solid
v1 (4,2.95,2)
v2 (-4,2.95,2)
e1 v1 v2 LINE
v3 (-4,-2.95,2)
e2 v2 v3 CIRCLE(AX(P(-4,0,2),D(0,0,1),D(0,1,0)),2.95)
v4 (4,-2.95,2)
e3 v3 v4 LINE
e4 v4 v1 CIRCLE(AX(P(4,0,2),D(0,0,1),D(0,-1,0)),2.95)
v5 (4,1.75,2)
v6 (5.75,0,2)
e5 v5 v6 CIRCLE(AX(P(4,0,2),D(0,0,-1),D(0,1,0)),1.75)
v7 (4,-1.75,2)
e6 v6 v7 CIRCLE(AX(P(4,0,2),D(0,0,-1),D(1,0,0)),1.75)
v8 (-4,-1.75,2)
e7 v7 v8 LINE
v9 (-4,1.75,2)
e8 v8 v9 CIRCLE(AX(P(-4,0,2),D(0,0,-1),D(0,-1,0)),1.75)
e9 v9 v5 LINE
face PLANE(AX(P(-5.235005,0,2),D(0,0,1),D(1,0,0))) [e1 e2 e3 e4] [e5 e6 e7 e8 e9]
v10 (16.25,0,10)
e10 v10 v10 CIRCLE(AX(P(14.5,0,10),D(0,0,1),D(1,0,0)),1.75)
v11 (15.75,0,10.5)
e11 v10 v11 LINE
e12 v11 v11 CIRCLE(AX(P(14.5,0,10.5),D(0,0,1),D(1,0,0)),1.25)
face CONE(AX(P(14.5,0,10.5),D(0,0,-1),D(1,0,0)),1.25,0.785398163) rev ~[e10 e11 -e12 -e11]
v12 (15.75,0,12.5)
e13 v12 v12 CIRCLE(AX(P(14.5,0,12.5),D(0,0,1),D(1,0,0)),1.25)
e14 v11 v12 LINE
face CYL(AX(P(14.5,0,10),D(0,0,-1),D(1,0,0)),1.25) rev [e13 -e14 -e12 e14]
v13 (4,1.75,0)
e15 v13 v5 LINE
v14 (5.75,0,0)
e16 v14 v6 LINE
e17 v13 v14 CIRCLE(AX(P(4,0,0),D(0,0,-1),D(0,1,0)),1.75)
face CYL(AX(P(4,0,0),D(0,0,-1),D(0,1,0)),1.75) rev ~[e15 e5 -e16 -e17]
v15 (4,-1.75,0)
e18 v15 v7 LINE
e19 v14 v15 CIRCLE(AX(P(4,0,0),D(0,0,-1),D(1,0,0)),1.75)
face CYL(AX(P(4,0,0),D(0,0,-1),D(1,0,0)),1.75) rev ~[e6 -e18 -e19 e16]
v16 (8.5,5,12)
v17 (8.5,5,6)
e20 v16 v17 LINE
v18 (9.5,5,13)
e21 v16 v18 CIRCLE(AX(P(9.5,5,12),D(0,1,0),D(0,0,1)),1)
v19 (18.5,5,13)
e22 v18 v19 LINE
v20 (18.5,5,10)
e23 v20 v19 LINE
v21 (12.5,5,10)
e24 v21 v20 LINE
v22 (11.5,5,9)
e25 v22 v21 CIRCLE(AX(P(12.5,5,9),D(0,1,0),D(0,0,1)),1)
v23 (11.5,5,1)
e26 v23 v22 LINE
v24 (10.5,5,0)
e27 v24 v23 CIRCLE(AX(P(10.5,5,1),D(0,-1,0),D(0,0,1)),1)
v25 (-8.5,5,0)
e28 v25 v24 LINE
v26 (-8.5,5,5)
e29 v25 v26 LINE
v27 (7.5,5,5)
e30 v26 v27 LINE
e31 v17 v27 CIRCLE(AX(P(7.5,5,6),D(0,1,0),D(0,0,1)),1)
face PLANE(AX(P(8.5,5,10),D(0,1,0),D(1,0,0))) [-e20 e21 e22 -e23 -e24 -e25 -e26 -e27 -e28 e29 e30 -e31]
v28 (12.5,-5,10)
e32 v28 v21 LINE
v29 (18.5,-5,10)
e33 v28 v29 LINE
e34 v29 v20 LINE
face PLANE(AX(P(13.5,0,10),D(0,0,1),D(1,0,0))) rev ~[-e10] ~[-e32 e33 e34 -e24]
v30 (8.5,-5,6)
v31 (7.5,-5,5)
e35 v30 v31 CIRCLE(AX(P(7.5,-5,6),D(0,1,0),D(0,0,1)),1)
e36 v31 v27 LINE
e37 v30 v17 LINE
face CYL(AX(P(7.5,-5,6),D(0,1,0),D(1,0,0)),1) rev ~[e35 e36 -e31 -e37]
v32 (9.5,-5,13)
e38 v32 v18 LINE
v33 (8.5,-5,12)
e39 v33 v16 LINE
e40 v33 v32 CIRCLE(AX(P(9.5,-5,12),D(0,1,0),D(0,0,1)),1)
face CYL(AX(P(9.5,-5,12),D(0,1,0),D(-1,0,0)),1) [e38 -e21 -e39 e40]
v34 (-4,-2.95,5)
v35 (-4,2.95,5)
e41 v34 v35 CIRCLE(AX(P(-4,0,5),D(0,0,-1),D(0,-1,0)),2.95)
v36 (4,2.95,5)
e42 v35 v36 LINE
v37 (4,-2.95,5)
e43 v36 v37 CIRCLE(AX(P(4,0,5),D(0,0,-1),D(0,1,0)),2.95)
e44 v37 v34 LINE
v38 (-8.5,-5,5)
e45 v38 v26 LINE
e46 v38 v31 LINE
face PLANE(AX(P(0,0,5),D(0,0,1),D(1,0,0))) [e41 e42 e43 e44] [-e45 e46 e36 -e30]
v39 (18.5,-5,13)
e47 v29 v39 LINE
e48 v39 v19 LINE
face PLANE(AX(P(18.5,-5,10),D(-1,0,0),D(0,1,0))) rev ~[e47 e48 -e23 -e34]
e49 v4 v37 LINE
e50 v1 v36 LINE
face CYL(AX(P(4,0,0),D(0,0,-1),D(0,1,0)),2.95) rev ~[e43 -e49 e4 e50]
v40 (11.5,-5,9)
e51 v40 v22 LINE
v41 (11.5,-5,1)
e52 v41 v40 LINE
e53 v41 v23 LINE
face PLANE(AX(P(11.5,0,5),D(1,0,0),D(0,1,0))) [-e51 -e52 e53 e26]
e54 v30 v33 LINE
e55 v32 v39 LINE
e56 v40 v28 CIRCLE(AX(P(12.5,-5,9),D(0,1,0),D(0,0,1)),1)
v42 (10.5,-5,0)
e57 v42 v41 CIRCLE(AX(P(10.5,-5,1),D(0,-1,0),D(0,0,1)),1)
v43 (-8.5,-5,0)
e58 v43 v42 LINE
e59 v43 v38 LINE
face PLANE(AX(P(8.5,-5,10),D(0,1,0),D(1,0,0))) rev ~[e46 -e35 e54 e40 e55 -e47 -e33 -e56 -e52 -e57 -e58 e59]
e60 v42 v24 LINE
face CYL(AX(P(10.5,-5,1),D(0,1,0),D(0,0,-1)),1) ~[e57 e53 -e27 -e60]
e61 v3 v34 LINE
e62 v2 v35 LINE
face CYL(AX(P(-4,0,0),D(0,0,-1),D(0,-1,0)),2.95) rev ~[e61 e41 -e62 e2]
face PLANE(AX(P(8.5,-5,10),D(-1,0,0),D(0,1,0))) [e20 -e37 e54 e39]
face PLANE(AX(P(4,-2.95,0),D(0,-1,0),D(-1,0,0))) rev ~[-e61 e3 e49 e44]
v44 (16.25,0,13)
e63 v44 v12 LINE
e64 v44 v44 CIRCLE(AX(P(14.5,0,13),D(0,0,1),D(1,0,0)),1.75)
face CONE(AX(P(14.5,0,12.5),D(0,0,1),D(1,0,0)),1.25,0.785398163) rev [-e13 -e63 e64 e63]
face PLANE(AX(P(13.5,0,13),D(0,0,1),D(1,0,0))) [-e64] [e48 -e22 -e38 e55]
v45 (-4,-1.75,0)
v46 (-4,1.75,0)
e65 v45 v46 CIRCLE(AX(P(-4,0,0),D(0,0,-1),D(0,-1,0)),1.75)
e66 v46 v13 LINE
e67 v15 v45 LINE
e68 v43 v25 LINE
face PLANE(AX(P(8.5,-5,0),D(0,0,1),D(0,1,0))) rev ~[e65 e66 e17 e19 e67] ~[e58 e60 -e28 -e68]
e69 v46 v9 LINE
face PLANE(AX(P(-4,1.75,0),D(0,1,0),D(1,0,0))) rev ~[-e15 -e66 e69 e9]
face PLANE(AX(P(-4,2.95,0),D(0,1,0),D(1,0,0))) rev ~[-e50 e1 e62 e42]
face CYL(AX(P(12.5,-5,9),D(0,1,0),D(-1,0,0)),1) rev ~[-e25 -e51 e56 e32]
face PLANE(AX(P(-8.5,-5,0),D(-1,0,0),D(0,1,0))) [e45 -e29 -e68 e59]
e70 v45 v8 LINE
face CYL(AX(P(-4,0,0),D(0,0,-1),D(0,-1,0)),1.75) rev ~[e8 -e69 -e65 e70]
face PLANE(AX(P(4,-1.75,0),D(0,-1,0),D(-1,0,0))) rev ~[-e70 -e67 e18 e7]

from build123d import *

# Parameters (mm, degrees)
F0_W     = 17
F0_H     = 10
F1_DEPTH = 5
F2_DEPTH = 2
F3_W     = 10
F3_H     = 10
F4_DEPTH = 3
F5_W     = 10
F5_H     = 10
F5_R     = 1.25
F6_DEPTH = 3
F7_R     = 1
F8_SIZE  = 0.5


with BuildPart() as f1:
    # F0 (on Top) → F1 (new body)
    with BuildSketch(Plane.XY):
        Rectangle(F0_W, F0_H)
        with BuildLine():
            ThreePointArc((-4, -2.95), (-6.95, 0), (-4, 2.95))
            Line((-4, 2.95), (4, 2.95))
            ThreePointArc((4, 2.95), (6.0859650045, 2.0859650045), (6.95, 0))
            ThreePointArc((6.95, 0), (6.0859650045, -2.0859650045), (4, -2.95))
            Line((4, -2.95), (-4, -2.95))
        make_face(mode=Mode.SUBTRACT)
    extrude(amount=F1_DEPTH)

    # F0 (on Top) → F2 (join)
    with BuildSketch(Plane.XY):
        with BuildLine():
            ThreePointArc((-4, -1.75), (-5.75, 0), (-4, 1.75))
            Line((-4, 1.75), (-4, 2.95))
            ThreePointArc((-4, 2.95), (-6.95, 0), (-4, -2.95))
            Line((-4, -2.95), (-4, -1.75))
        make_face()
        with BuildLine():
            Line((-4, 2.95), (-4, 1.75))
            Line((-4, 1.75), (-1.6251315826, 1.75))
            ThreePointArc((-1.6251315826, 1.75), (-2.6695865304, 2.6329641091), (-4, 2.95))
        make_face()
        with BuildLine():
            ThreePointArc((-4, 2.95), (-2.6695865304, 2.6329641091), (-1.6251315826, 1.75))
            Line((-1.6251315826, 1.75), (1.6251315826, 1.75))
            ThreePointArc((1.6251315826, 1.75), (2.6695865304, 2.6329641091), (4, 2.95))
            Line((4, 2.95), (-4, 2.95))
        make_face()
        with BuildLine():
            ThreePointArc((4, 2.95), (2.6695865304, 2.6329641091), (1.6251315826, 1.75))
            Line((1.6251315826, 1.75), (4, 1.75))
            Line((4, 1.75), (4, 2.95))
        make_face()
        with BuildLine():
            ThreePointArc((6.95, 0), (6.0859650045, 2.0859650045), (4, 2.95))
            Line((4, 2.95), (4, 1.75))
            ThreePointArc((4, 1.75), (5.2374368671, 1.2374368671), (5.75, 0))
            ThreePointArc((5.75, 0), (5.2374368671, -1.2374368671), (4, -1.75))
            Line((4, -1.75), (4, -2.95))
            ThreePointArc((4, -2.95), (6.0859650045, -2.0859650045), (6.95, 0))
        make_face()
        with BuildLine():
            Line((4, -1.75), (1.6251315826, -1.75))
            ThreePointArc((1.6251315826, -1.75), (2.6695865304, -2.6329641091), (4, -2.95))
            Line((4, -2.95), (4, -1.75))
        make_face()
        with BuildLine():
            Line((1.6251315826, -1.75), (-1.6251315826, -1.75))
            ThreePointArc((-1.6251315826, -1.75), (-2.6695865304, -2.6329641091), (-4, -2.95))
            Line((-4, -2.95), (4, -2.95))
            ThreePointArc((4, -2.95), (2.6695865304, -2.6329641091), (1.6251315826, -1.75))
        make_face()
        with BuildLine():
            Line((-1.6251315826, -1.75), (-4, -1.75))
            Line((-4, -1.75), (-4, -2.95))
            ThreePointArc((-4, -2.95), (-2.6695865304, -2.6329641091), (-1.6251315826, -1.75))
        make_face()
    extrude(amount=F2_DEPTH)

    # F3 (on face) → F4 (join)
    with BuildSketch(Plane.YZ.offset(8.5)):
        with Locations((0, 5)):
            Rectangle(F3_W, F3_H)
    extrude(amount=F4_DEPTH)

    # F5 (on face) → F6 (join)
    with BuildSketch(Plane.XY.offset(10)):
        with Locations((13.5, 0)):
            Rectangle(F5_W, F5_H)
        with Locations((14.5, 0)):
            Circle(F5_R, mode=Mode.SUBTRACT)
    extrude(amount=F6_DEPTH)

    # F7
    f7_edges = [f1.edges().sort_by_distance(p)[0] for p in [
        (8.5, 0, 13),
        (11.5, 0, 10),
        (11.5, 0, 0),
        (8.5, 0, 5),
    ]]
    fillet(f7_edges, radius=F7_R)

    # F8
    f8_edges = [f1.edges().sort_by_distance(p)[0] for p in [
        (15.75, 0, 11.5),
        (13.25, 0, 10),
        (13.25, 0, 13),
    ]]
    chamfer(f8_edges, length=F8_SIZE)


solid = f1.part
